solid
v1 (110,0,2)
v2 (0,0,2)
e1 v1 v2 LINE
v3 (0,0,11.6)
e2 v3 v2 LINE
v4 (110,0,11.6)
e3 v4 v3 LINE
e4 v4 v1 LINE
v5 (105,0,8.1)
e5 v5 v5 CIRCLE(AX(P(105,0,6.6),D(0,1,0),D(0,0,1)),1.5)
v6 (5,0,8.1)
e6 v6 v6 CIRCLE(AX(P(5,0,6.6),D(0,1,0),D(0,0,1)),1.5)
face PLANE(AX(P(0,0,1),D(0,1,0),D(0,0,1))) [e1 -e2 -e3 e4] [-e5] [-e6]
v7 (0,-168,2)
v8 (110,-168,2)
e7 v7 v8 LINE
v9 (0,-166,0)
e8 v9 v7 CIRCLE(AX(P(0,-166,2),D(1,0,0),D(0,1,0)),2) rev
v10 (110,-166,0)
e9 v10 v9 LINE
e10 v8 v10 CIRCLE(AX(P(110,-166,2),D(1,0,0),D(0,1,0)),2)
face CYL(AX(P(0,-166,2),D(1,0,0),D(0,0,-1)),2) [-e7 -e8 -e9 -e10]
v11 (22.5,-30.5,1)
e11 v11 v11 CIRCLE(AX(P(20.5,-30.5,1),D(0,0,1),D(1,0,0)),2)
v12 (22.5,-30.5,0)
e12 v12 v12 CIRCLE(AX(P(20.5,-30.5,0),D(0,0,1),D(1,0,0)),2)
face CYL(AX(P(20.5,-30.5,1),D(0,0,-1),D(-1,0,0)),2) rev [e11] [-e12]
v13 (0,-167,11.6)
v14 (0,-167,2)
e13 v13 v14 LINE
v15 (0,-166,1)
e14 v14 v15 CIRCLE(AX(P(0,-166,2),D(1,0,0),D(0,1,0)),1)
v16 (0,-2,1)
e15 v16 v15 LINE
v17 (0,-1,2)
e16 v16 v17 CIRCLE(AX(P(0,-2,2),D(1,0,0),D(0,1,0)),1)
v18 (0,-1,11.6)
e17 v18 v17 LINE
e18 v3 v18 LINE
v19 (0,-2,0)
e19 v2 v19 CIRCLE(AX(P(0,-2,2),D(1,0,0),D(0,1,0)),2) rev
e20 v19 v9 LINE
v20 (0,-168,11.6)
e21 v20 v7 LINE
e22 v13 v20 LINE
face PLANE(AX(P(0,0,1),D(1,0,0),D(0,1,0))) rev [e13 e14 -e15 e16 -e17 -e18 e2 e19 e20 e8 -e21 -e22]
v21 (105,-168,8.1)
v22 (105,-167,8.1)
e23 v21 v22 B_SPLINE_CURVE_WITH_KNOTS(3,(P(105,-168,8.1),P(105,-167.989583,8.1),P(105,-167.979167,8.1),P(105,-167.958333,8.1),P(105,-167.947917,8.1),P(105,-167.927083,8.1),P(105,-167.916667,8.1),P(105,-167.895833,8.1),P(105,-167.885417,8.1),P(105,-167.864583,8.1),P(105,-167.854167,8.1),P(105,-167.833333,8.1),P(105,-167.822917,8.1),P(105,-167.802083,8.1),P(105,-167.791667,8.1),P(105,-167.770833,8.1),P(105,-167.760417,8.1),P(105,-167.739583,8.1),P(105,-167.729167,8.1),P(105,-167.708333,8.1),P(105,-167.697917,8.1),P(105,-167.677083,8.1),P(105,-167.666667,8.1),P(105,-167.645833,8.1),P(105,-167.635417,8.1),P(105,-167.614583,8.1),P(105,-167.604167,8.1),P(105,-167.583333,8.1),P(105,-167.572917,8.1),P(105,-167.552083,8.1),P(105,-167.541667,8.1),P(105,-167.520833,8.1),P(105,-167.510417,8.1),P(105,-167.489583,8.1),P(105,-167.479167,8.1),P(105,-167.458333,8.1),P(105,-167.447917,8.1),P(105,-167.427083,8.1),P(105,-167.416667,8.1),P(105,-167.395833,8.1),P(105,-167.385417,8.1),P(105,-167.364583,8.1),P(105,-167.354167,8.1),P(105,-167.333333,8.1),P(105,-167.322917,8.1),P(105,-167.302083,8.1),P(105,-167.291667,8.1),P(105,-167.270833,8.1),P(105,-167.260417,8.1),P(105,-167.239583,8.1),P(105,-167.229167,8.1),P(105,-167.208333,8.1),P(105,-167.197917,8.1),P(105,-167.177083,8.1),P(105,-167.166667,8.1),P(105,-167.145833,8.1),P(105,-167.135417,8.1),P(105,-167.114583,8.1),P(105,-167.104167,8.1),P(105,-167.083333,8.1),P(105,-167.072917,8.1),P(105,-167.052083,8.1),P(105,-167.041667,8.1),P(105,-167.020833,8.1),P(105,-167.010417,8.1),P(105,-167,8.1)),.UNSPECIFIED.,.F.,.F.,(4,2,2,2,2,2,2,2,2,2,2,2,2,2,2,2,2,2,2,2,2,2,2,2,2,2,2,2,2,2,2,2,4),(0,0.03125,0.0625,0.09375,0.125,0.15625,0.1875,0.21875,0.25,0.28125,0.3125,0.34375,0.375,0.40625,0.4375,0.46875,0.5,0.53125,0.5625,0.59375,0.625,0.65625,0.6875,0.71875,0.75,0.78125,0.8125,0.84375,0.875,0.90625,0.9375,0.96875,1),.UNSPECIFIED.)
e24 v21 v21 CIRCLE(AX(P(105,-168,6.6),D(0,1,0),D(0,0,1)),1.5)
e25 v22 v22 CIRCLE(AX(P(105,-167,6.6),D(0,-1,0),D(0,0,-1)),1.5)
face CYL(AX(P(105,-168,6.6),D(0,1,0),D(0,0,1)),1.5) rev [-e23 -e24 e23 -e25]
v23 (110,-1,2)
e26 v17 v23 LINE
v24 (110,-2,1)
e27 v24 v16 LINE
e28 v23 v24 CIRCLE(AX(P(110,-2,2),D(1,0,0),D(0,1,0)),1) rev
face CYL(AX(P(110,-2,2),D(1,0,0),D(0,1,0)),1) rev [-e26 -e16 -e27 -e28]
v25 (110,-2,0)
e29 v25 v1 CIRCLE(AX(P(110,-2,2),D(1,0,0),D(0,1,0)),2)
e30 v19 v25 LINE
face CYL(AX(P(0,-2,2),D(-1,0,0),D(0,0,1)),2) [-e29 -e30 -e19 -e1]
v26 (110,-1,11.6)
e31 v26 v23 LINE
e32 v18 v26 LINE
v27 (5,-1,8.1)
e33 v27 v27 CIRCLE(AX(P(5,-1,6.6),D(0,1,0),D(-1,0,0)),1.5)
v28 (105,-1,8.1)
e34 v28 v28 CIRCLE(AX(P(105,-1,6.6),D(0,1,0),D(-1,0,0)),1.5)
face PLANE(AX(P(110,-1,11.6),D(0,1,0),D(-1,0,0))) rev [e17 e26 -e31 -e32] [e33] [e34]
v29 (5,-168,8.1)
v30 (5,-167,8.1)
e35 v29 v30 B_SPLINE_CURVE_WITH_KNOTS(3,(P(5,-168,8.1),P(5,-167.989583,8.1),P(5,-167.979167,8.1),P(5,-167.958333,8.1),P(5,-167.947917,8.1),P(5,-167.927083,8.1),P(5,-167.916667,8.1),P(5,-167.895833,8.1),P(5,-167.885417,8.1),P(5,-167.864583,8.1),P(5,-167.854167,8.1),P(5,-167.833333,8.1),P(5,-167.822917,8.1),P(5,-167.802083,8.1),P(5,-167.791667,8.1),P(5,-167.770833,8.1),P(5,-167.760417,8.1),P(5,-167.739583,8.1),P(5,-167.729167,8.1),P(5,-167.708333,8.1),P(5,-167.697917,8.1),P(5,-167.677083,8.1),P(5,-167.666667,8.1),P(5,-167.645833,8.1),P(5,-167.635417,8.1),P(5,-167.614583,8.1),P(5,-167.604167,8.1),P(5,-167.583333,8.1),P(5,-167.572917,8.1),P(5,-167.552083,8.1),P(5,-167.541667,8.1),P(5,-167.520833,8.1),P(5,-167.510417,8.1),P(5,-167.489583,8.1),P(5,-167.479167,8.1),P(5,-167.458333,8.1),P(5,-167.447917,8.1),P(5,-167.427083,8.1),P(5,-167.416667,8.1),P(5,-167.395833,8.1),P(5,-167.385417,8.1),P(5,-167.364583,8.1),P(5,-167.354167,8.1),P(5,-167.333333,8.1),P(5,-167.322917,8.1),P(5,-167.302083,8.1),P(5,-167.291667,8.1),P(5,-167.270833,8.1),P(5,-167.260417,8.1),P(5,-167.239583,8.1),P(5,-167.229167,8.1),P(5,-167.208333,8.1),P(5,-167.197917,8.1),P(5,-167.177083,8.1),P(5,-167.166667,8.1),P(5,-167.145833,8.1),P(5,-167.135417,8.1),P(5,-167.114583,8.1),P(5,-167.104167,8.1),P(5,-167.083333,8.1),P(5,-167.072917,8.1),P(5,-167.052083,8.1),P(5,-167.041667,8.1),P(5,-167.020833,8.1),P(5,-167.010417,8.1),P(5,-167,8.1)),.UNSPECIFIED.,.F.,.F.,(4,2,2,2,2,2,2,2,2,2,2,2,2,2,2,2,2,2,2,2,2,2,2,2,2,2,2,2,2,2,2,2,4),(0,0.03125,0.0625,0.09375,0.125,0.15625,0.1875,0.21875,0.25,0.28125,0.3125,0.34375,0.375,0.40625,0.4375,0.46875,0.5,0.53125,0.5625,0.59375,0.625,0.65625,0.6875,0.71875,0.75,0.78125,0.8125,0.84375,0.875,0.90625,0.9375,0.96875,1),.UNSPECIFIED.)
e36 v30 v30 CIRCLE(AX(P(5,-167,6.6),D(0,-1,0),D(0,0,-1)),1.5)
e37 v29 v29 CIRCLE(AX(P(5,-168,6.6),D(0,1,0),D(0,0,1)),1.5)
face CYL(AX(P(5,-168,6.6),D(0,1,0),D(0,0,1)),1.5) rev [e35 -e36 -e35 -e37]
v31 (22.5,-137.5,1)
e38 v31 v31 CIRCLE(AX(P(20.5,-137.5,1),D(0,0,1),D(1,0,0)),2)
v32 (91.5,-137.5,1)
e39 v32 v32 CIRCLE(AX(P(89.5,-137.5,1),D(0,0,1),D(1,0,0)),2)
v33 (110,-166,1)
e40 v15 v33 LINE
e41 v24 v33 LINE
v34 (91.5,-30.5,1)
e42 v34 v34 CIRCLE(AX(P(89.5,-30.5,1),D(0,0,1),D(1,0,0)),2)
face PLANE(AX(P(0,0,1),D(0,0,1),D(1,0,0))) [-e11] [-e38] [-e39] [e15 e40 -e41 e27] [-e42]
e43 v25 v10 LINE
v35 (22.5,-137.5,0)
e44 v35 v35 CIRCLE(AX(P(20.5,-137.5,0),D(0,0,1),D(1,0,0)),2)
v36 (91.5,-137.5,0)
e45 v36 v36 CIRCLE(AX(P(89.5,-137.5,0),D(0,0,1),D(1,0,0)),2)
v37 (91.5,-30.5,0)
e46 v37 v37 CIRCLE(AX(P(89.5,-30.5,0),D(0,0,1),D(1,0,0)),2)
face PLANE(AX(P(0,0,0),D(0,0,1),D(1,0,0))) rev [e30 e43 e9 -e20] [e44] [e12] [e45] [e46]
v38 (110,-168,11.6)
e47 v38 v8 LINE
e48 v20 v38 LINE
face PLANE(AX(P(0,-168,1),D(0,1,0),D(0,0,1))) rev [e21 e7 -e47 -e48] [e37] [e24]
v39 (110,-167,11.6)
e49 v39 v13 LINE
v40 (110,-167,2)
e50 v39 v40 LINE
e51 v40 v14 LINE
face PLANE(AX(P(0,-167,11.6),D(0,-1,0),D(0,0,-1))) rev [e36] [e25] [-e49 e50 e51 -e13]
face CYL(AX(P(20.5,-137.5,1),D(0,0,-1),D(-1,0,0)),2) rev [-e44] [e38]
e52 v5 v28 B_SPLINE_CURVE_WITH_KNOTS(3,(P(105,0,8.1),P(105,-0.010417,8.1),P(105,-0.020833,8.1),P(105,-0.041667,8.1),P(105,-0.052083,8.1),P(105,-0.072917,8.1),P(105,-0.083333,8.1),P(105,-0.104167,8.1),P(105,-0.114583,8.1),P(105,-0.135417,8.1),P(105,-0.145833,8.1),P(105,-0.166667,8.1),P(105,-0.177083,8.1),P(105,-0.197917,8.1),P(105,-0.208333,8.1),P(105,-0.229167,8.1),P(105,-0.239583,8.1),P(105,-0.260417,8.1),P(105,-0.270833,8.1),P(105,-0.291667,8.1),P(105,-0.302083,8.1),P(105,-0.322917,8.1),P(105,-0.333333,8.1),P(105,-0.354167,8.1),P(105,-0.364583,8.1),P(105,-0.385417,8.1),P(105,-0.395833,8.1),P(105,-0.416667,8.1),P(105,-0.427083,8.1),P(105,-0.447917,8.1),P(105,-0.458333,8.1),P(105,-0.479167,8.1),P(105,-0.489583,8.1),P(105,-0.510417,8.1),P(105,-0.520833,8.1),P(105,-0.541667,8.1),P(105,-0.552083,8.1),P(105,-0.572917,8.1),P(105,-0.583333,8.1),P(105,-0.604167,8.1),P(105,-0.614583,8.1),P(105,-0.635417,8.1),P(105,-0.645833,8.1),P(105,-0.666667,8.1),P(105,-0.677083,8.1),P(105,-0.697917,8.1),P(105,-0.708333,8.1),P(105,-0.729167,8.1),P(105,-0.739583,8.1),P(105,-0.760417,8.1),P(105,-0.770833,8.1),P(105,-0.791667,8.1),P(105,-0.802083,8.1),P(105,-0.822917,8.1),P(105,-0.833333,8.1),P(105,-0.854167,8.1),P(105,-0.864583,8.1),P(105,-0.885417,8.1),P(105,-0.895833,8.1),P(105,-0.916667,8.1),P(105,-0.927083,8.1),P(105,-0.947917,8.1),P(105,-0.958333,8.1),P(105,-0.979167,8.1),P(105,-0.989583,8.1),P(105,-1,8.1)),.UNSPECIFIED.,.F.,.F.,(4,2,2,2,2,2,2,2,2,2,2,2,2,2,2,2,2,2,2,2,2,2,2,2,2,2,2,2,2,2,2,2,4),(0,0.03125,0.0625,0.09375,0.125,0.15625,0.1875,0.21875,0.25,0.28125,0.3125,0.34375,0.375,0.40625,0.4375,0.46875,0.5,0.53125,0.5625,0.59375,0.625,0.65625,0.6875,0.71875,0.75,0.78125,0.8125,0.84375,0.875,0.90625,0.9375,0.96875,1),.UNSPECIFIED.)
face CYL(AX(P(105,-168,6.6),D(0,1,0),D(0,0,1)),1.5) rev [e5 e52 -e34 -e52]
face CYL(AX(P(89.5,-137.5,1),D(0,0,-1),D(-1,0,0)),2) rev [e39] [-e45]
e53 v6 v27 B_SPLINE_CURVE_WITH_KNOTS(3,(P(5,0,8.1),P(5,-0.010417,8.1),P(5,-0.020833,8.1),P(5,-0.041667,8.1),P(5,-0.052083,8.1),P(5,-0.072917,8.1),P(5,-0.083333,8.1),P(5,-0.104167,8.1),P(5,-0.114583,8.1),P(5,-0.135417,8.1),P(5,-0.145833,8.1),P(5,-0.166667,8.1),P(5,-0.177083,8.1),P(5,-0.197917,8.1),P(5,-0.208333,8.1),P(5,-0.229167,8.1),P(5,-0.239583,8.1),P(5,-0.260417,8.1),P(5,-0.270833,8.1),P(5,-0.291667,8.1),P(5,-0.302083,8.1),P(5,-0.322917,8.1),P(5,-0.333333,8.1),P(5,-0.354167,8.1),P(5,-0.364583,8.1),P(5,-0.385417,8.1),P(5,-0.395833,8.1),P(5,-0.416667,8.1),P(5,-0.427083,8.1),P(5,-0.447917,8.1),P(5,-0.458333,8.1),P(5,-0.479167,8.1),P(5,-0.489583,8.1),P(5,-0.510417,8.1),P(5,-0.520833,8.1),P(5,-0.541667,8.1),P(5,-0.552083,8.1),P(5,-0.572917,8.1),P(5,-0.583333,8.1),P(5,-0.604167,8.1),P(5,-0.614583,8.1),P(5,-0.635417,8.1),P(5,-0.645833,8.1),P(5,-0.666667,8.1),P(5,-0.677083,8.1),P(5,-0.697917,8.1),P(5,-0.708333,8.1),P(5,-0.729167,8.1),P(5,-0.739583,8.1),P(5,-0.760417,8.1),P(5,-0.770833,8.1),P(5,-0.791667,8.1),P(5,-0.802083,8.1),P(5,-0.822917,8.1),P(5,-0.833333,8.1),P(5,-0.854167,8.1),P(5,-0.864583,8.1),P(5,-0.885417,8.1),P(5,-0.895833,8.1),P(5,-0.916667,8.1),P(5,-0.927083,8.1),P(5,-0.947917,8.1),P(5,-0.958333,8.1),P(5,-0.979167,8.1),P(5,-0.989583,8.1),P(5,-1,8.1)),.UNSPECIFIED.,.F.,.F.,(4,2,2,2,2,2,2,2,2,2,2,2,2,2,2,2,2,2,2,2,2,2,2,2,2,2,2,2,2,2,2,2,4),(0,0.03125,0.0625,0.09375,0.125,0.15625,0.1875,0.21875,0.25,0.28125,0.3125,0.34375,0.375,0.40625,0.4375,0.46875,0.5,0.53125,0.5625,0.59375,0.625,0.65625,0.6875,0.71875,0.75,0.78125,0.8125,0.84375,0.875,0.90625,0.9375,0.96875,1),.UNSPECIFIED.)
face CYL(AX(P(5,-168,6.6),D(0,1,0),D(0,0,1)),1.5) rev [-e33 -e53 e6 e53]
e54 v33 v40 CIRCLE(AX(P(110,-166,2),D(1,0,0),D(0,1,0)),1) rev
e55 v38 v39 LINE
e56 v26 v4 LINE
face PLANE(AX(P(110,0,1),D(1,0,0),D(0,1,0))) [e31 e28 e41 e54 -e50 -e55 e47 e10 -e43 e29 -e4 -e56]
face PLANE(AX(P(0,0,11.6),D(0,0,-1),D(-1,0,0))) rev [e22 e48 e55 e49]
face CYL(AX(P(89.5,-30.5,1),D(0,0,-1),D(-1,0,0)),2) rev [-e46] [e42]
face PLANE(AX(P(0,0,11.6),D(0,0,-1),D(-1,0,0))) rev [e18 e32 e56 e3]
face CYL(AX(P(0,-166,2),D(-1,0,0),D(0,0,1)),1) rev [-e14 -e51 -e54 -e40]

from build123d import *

# Parameters (mm, degrees)
ESQUISSE1_W             = 110
ESQUISSE1_H             = 168
ESQUISSE1_R             = 2
BOSS_EXTRU_1_DEPTH      = 1
ESQUISSE2_W             = 110
ESQUISSE2_H             = 1
BOSS_EXTRU_2_DEPTH      = 10.6
CONG_1_R                = 2
CONG_2_R                = 1
ESQUISSE3_R             = 1.5
ENL_V_MAT_EXTRU_1_DEPTH = 202.143133117


with BuildPart() as part:
    # Esquisse1 → Boss.-Extru.1 (new body)
    with BuildSketch(Plane.XY):
        with Locations((55, -84)):
            Rectangle(ESQUISSE1_W, ESQUISSE1_H)
        with Locations((20.5, -30.5)):
            Circle(ESQUISSE1_R, mode=Mode.SUBTRACT)
        with Locations((89.5, -30.5)):
            Circle(ESQUISSE1_R, mode=Mode.SUBTRACT)
        with Locations((89.5, -137.5)):
            Circle(ESQUISSE1_R, mode=Mode.SUBTRACT)
        with Locations((20.5, -137.5)):
            Circle(ESQUISSE1_R, mode=Mode.SUBTRACT)
    extrude(amount=BOSS_EXTRU_1_DEPTH)

    # Esquisse2 → Boss.-Extru.2 (add)
    with BuildSketch(Plane.XY.offset(1)):
        with Locations((55, -167.5)):
            Rectangle(ESQUISSE2_W, ESQUISSE2_H)
        with Locations((55, -0.5)):
            Rectangle(ESQUISSE2_W, ESQUISSE2_H)
    extrude(amount=BOSS_EXTRU_2_DEPTH)

    # Congé1
    cong_1_edges = [part.edges().sort_by_distance(p)[0] for p in [
        (55, 0, 0),
        (55, -168, 0),
    ]]
    fillet(cong_1_edges, radius=CONG_1_R)

    # Congé2
    cong_2_edges = [part.edges().sort_by_distance(p)[0] for p in [
        (55, -167, 1),
        (55, -1, 1),
    ]]
    fillet(cong_2_edges, radius=CONG_2_R)

    # Esquisse3 → Enlèv. mat.-Extru.1 (cut, through all)
    with BuildSketch(Plane(origin=(0, 0, 0), x_dir=(1, 0, 0), z_dir=(0, 1, 0))):
        with Locations(Location((105, -6.6, 0), (0, 0, 270))):
            Circle(ESQUISSE3_R)
        with Locations(Location((5, -6.6, 0), (0, 0, 270))):
            Circle(ESQUISSE3_R)
    extrude(amount=-ENL_V_MAT_EXTRU_1_DEPTH, mode=Mode.SUBTRACT)


solid = part.part
